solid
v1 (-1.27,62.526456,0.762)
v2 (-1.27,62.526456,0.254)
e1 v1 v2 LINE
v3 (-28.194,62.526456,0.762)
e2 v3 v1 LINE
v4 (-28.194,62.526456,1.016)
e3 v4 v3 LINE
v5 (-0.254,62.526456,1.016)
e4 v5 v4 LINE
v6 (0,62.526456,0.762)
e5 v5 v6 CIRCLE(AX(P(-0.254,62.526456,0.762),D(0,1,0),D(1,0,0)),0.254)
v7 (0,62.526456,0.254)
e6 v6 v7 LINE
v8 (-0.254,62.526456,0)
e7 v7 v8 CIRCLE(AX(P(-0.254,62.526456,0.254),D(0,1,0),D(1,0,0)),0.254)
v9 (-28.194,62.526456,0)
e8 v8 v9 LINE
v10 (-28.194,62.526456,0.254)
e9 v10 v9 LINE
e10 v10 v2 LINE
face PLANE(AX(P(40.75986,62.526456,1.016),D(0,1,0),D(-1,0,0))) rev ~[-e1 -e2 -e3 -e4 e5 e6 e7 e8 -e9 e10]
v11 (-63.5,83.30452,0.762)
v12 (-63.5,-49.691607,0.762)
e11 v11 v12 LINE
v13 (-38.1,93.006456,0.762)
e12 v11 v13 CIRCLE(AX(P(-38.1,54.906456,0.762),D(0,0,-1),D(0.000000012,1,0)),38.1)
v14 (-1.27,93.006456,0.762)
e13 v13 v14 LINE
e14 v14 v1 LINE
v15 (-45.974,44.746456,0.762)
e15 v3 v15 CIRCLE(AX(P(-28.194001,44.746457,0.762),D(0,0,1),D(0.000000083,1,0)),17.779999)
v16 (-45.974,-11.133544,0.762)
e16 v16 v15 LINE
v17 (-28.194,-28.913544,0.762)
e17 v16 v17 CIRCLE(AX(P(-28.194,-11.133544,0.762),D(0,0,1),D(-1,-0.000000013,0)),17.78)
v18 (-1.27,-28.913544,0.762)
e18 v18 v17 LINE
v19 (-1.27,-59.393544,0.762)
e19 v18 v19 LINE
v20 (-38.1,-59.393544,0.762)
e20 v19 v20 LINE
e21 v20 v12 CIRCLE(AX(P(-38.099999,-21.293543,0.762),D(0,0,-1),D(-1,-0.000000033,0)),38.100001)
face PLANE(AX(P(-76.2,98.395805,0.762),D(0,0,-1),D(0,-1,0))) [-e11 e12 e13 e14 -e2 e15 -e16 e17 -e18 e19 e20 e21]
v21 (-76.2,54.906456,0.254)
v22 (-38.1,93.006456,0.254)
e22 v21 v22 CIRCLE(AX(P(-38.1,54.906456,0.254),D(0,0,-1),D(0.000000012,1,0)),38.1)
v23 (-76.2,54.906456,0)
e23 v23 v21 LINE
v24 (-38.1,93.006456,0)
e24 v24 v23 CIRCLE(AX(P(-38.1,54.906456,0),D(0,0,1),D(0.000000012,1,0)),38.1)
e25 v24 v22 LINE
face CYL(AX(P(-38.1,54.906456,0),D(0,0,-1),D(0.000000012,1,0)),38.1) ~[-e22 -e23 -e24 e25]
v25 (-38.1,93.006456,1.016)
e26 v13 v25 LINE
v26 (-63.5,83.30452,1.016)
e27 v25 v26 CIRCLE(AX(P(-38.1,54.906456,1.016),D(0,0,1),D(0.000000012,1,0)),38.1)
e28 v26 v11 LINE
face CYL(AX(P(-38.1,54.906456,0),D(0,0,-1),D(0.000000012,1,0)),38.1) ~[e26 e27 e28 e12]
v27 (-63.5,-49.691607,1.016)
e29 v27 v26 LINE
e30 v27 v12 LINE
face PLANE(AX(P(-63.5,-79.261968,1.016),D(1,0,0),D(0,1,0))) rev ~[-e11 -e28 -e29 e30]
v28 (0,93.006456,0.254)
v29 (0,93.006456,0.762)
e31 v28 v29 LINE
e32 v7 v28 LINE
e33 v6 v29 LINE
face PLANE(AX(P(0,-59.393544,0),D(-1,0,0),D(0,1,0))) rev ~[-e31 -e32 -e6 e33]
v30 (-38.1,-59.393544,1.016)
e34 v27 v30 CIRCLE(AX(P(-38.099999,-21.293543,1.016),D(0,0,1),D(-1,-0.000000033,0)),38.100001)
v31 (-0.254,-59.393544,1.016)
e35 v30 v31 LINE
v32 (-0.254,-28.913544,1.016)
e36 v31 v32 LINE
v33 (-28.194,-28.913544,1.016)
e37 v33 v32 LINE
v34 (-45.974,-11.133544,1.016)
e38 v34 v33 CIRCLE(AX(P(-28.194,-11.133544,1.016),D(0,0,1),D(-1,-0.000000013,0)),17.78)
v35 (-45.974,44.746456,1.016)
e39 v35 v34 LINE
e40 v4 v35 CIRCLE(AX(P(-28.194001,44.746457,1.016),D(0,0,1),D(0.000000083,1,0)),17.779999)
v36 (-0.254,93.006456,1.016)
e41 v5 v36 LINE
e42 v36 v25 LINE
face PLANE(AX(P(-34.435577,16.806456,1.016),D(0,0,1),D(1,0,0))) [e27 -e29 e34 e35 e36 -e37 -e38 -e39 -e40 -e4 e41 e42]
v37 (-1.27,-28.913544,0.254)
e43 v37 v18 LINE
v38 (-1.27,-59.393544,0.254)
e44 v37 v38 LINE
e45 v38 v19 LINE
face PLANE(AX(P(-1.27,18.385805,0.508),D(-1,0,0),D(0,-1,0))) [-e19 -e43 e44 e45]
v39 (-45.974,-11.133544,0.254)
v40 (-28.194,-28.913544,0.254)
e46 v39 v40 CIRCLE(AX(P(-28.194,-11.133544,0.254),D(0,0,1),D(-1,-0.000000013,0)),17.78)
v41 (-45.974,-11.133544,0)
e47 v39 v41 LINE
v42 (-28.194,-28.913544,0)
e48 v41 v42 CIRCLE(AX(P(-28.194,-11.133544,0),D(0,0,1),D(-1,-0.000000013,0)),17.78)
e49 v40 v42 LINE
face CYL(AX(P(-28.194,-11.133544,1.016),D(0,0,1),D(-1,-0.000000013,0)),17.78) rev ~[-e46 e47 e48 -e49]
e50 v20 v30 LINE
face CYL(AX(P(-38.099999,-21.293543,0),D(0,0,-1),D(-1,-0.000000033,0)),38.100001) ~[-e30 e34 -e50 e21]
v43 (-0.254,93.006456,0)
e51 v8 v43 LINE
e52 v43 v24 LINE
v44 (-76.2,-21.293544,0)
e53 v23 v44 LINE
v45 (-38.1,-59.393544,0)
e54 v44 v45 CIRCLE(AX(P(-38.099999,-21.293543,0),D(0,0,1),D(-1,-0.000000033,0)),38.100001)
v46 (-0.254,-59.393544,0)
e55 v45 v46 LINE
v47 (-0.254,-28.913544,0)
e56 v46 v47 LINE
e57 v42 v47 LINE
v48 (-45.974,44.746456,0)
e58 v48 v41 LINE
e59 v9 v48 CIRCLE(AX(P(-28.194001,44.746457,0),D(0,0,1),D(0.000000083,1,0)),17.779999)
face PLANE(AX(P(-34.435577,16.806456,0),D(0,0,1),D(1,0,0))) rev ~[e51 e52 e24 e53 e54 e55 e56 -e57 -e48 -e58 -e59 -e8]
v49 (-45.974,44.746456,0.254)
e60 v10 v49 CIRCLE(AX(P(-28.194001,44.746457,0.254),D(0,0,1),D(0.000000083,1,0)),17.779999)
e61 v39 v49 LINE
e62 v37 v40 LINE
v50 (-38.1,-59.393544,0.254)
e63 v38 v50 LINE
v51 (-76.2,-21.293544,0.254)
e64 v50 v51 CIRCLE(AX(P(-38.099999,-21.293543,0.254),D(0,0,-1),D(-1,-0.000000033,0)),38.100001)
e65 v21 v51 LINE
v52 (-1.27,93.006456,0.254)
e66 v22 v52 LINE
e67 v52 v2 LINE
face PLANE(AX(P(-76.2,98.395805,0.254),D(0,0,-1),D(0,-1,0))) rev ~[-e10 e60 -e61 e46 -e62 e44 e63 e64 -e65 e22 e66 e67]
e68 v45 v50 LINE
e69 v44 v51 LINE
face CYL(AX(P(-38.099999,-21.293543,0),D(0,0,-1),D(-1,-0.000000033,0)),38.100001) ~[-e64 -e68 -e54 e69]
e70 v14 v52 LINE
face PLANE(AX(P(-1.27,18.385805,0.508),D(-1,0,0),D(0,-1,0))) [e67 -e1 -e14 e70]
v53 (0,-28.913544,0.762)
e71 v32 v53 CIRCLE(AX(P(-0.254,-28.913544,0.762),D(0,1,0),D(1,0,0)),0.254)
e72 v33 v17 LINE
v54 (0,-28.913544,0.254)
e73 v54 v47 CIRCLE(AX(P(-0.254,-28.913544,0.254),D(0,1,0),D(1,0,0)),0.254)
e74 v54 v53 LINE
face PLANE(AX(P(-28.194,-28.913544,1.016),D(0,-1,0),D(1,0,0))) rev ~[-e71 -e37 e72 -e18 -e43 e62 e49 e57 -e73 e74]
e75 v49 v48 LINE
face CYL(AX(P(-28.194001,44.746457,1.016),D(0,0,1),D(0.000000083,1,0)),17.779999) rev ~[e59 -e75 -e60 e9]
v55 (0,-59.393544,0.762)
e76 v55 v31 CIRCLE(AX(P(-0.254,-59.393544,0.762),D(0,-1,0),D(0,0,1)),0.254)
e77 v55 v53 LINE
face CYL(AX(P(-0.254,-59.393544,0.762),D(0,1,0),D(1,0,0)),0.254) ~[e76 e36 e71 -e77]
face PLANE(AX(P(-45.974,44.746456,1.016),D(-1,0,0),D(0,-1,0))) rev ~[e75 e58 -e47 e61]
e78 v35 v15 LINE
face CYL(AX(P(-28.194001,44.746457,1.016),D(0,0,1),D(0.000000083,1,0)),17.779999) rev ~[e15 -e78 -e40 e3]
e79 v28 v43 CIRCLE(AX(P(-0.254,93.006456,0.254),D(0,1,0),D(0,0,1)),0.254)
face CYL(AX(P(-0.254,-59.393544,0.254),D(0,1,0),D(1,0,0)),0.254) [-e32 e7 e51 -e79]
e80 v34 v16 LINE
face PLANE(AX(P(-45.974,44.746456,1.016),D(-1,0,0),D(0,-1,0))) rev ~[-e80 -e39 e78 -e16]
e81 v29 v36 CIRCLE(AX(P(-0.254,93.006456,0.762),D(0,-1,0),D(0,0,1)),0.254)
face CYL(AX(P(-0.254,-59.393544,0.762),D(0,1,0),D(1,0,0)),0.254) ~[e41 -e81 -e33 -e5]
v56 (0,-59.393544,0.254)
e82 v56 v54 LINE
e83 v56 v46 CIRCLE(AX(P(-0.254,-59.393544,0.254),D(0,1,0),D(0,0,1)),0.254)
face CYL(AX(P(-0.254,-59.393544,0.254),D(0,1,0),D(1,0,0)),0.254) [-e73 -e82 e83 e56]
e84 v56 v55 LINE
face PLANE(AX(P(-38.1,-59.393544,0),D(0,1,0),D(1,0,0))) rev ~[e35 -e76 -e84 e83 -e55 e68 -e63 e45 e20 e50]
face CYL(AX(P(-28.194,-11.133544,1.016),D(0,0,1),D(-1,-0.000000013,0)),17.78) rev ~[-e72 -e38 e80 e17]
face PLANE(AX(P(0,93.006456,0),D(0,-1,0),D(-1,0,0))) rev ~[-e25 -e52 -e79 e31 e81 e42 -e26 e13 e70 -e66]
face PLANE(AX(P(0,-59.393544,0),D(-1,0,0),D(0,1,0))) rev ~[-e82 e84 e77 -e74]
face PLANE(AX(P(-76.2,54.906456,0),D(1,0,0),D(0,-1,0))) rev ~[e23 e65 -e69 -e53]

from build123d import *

# Parameters (mm, degrees)
F1_DEPTH = 1.016
F2_W     = 160.02
F2_H     = 0.508
F3_DEPTH = 74.93
F4_W     = 34.701408
F4_H     = 184.597183
F5_DEPTH = 0.508
F6_R     = 0.254
F7_R     = 0.254
F9_DEPTH = 1.017


with BuildPart() as f1:
    # F0 (on Top) → F1 (new body)
    with BuildSketch(Plane.XY):
        with BuildLine():
            Line((0, -59.393544), (0, 93.006456))
            Line((0, 93.006456), (-38.1, 93.006456))
            ThreePointArc((-38.1, 93.006456), (-65.040768, 81.847225), (-76.2, 54.906456))
            Line((-76.2, 54.906456), (-76.2, -21.293544))
            ThreePointArc((-76.2, -21.293544), (-65.040768, -48.234312), (-38.1, -59.393544))
            Line((-38.1, -59.393544), (0, -59.393544))
        make_face()
    extrude(amount=F1_DEPTH)

    # F2 (on face) → F3 (cut)
    with BuildSketch(Plane(origin=(-76.2, 0, 0), x_dir=(0, -1, 0), z_dir=(-1, 0, 0))):
        with Locations((-18.385805, 0.508)):
            Rectangle(F2_W, F2_H)
    extrude(amount=-F3_DEPTH, mode=Mode.SUBTRACT)

    # F4 (on face) → F5 (cut)
    with BuildSketch(Plane.XY.offset(1.016)):
        with Locations((-80.850704, 13.036623)):
            Rectangle(F4_W, F4_H)
    extrude(amount=-F5_DEPTH, mode=Mode.SUBTRACT)

    # F6
    f6_edges = [f1.edges().sort_by_distance(p)[0] for p in [
        (0, 16.806456, 1.016),
    ]]
    fillet(f6_edges, radius=F6_R)

    # F7
    f7_edges = [f1.edges().sort_by_distance(p)[0] for p in [
        (0, 16.806456, 0),
    ]]
    fillet(f7_edges, radius=F7_R)

    # F8 (on face) → F9 (cut, through all)
    with BuildSketch(Plane.XY.offset(1.016)):
        with BuildLine():
            Line((40.75986, 62.526456), (-28.194, 62.526456))
            ThreePointArc((-28.194, 62.526456), (-40.766359, 57.318815), (-45.974, 44.746456))
            Line((-45.974, 44.746456), (-45.974, -11.133544))
            ThreePointArc((-45.974, -11.133544), (-40.766359, -23.705902), (-28.194, -28.913544))
            Line((-28.194, -28.913544), (40.75986, -28.913544))
            Line((40.75986, -28.913544), (40.75986, 62.526456))
        make_face()
    extrude(amount=-F9_DEPTH, mode=Mode.SUBTRACT)


solid = f1.part
